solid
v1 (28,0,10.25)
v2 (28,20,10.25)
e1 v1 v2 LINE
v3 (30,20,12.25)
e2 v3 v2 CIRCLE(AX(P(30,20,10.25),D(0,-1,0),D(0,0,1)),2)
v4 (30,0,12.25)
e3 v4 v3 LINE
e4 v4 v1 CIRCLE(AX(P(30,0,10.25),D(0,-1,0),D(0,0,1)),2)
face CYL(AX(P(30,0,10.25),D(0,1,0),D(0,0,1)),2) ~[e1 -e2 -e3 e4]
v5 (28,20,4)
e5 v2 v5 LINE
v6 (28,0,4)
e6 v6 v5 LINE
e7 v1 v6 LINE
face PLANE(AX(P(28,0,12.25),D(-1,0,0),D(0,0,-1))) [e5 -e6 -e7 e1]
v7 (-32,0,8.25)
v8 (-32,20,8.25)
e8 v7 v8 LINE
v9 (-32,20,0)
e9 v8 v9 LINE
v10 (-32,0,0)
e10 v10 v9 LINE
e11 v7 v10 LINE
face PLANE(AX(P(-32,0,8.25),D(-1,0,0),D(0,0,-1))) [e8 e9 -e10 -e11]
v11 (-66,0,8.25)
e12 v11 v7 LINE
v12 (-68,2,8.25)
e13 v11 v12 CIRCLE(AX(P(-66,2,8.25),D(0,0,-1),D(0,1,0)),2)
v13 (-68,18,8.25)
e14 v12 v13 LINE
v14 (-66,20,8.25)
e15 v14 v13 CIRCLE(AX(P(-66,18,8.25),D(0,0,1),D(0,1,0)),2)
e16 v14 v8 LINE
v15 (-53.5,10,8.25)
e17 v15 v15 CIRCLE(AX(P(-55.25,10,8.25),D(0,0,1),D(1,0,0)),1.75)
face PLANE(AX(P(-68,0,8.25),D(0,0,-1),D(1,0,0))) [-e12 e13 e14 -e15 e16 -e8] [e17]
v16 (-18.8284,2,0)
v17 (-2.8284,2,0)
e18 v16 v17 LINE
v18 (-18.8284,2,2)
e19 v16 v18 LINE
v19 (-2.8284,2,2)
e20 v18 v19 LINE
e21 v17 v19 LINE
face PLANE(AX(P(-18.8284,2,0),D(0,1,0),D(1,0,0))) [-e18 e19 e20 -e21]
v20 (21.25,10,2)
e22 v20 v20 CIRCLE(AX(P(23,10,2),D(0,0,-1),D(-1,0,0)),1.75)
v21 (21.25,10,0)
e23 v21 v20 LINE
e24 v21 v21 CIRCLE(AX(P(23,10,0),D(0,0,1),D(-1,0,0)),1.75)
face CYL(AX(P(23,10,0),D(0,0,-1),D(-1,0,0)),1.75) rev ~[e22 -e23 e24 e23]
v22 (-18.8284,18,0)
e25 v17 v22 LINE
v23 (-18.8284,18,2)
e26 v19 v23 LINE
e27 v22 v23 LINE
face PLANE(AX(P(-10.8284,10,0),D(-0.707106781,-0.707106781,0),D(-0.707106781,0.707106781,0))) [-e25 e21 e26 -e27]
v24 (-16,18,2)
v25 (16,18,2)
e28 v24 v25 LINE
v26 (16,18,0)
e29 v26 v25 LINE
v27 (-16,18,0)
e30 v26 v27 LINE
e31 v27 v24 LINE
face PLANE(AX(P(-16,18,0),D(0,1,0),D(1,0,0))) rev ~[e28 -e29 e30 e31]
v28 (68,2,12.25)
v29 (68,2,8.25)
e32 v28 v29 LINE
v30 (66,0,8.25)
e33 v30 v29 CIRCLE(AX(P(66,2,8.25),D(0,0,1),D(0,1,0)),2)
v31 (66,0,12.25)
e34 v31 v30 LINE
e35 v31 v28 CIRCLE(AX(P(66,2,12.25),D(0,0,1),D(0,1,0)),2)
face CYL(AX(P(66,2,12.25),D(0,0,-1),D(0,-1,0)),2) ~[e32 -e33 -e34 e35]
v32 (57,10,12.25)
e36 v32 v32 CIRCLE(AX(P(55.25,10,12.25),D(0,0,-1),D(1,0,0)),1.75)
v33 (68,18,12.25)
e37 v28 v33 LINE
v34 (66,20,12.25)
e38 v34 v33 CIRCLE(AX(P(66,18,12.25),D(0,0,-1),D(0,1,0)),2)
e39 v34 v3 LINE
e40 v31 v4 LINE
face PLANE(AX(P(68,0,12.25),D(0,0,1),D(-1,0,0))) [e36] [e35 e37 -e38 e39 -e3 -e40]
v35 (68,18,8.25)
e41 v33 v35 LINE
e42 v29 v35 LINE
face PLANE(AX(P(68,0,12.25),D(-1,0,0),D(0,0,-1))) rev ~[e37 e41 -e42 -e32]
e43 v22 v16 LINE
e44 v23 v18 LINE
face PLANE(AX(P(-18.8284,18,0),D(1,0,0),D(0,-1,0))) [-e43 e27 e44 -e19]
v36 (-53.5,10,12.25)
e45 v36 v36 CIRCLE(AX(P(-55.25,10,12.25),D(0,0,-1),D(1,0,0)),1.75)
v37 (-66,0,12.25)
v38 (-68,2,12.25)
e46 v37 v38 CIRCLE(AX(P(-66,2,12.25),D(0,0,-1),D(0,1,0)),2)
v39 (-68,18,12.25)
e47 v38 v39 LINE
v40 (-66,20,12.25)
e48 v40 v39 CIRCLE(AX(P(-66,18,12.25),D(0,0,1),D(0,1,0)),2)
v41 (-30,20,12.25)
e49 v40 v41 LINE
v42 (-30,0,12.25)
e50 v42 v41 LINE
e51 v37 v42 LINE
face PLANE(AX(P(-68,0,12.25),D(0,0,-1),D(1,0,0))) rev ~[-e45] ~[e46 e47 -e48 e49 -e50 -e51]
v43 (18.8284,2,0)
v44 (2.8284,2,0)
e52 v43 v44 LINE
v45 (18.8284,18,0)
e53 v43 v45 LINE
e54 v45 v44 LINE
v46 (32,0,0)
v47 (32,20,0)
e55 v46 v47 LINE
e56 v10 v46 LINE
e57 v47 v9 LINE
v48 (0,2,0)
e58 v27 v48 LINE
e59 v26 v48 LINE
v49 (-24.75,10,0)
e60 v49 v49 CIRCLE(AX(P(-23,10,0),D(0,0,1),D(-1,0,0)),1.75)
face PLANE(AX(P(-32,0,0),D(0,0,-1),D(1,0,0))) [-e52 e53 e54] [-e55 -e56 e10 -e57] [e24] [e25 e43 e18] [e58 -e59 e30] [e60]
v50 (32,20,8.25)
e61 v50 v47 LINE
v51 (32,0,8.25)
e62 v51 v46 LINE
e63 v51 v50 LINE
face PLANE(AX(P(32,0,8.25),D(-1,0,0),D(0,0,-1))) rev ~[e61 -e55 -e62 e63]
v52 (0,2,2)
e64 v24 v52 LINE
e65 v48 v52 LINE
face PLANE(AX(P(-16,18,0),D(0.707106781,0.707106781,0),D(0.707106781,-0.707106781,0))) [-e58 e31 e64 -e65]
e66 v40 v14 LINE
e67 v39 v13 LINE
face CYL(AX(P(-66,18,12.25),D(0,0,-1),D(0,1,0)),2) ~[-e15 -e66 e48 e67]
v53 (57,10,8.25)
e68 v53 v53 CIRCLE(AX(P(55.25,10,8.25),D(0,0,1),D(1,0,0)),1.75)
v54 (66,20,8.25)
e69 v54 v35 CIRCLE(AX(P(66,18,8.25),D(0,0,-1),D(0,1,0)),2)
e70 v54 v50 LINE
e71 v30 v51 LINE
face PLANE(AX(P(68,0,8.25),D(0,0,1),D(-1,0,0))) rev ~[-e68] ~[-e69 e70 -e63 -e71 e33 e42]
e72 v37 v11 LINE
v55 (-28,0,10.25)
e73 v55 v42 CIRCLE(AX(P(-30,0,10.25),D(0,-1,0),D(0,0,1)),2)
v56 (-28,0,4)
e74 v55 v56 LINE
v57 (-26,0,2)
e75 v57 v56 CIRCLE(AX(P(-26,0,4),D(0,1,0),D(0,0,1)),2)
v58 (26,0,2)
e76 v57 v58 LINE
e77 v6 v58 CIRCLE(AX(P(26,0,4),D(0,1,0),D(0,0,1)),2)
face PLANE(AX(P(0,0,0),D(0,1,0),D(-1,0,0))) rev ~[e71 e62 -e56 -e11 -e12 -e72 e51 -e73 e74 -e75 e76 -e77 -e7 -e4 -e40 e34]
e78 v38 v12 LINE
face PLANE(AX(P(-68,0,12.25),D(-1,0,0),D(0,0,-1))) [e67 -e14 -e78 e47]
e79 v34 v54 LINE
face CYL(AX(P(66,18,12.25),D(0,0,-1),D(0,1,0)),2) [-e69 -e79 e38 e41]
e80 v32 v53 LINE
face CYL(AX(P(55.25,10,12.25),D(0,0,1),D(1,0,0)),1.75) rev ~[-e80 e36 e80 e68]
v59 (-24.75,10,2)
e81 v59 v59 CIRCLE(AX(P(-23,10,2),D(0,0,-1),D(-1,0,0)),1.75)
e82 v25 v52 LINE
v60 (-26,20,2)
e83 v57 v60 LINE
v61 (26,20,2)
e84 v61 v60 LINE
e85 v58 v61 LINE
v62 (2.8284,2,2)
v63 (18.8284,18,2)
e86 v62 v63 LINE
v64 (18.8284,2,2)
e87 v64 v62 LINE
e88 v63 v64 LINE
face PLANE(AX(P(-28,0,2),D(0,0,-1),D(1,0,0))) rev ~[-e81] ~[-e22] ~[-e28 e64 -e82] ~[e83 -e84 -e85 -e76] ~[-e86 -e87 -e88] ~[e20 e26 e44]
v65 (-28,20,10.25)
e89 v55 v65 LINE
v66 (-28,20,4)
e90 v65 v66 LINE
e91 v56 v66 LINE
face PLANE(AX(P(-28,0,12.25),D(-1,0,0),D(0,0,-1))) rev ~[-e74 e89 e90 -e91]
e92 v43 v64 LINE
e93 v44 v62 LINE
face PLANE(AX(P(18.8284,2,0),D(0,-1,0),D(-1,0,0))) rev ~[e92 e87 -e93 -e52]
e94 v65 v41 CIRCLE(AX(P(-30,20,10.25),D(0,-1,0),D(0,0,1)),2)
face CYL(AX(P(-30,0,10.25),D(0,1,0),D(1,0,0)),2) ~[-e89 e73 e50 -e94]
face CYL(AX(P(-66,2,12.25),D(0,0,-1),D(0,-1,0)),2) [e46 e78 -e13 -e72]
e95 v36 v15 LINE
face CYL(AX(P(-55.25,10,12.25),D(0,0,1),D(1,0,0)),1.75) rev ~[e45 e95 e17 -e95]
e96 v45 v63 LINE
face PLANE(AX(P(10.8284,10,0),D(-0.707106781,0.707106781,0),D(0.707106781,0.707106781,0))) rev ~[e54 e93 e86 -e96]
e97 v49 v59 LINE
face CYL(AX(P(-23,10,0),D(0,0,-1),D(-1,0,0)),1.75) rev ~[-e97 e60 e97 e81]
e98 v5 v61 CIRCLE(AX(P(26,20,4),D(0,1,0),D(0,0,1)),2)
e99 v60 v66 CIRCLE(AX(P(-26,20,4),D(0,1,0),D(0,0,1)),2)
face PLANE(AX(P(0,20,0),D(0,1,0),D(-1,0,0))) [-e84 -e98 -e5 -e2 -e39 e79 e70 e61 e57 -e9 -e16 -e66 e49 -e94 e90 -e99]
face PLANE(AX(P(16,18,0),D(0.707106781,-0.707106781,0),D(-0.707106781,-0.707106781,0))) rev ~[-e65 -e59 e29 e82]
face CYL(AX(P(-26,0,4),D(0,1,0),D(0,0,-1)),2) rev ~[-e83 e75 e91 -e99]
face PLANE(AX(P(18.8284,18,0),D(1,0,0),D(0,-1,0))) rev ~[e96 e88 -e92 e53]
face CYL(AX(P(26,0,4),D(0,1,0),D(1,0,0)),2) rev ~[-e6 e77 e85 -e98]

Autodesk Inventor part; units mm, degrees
ref_plane "YZ Plane" through (0, 0, 0) normal (1, 0, 0) x (0, 1, 0)
ref_plane "XZ Plane" through (0, 0, 0) normal (0, 1, 0) x (-1, 0, 0)
ref_plane "XY Plane" through (0, 0, 0) normal (0, 0, 1) x (1, 0, 0)
sketch "スケッチ1" plane through (0, 0, 0) normal (0, 1, 0) x (-1, 0, 0)
  line L0 (0, 20.7547) -> (0, -42.4528)
  line L1 (68, 12.25) -> (28, 12.25)
  line L2 (28, 12.25) -> (28, 2)
  line L3 (28, 2) -> (0, 2)
  line L4 (68, 12.25) -> (68, 8.25)
  line L5 (68, 8.25) -> (32, 8.25)
  line L6 (32, 8.25) -> (32, 0)
  line L7 (32, 0) -> (0, 0)
  line L8 (-68, 12.25) -> (-28, 12.25)
  line L9 (-28, 12.25) -> (-28, 2)
  line L10 (-28, 2) -> (0, 2)
  line L11 (-68, 12.25) -> (-68, 8.25)
  line L12 (-68, 8.25) -> (-32, 8.25)
  line L13 (-32, 8.25) -> (-32, 0)
  line L14 (-32, 0) -> (0, 0)
  dimension "d0" = 40
  dimension "d1" = 4
  dimension "d2" = 36
  dimension "d3" = 10.25
  dimension "d4" = 2
  dimension "d5" = 56
extrude "押し出し1" add sketch "スケッチ1" along normal blind 20
sketch "スケッチ2" plane through (32, 0, 0) normal (0, 0, -1) x (-1, 0, 0)
  line L0 (0, 0) -> (0, 20) projected
  line L1 (0, 10) -> (64, 10)
  line L2 (64, 0) -> (64, 20) projected
  line L3 (32, 0) -> (32, 20)
  line L4 (0, 20) -> (64, 20) projected
  circle A0 centre (9, 10) radius 1.75
  line L5 (13.1716, 18) -> (13.1716, 2)
  line L6 (13.1716, 2) -> (29.1716, 2)
  line L7 (29.1716, 2) -> (13.1716, 18)
  line L8 (16, 18) -> (32, 18)
  line L9 (16, 18) -> (32, 2)
  circle A1 centre (55, 10) radius 1.75
  line L10 (50.8284, 18) -> (50.8284, 2)
  line L11 (50.8284, 2) -> (34.8284, 2)
  line L12 (34.8284, 2) -> (50.8284, 18)
  line L13 (48, 18) -> (32, 18)
  line L14 (48, 18) -> (32, 2)
  dimension "d8" = 16
  dimension "d9" = 3.5
  dimension "d10" = 2
  dimension "d11" = 46
extrude "押し出し2" cut sketch "スケッチ2" against normal through all contours A0 L1 | L1 A0 | L13 L14 L1 L3 | L3 L1 L9 L8 | L5 L7 L1 | L1 L7 L6 L5 | L3 L9 L1 | L1 L14 L3 | A1 L1 | L1 A1 | L12 L10 L1 | L1 L10 L11 L12
sketch "スケッチ3" plane through (28, 0, 12.25) normal (0, 0, 1) x (1, 0, 0)
  line L0 (-96, 0) -> (-96, 20) projected
  line L1 (-96, 10) -> (40, 10)
  line L2 (40, 0) -> (40, 20) projected
  circle A0 centre (27.25, 10) radius 1.75
  circle A1 centre (-83.25, 10) radius 1.75
  point P0 (-28, 0)
  dimension "d14" = 3.5
  dimension "d15" = 12.75
  dimension "d16" = 12.75
extrude "押し出し3" cut sketch "スケッチ3" against normal through all
fillet "フィレット1" radius 2 4 edges at (-68, 20, 10.25) (68, 20, 10.25) (68, 0, 10.25) (-68, 0, 10.25)
fillet "フィレット2" radius 2 4 edges at (-28, 10, 2) (-28, 10, 12.25) (28, 10, 2) (28, 10, 12.25)
properties part number "axis3"
